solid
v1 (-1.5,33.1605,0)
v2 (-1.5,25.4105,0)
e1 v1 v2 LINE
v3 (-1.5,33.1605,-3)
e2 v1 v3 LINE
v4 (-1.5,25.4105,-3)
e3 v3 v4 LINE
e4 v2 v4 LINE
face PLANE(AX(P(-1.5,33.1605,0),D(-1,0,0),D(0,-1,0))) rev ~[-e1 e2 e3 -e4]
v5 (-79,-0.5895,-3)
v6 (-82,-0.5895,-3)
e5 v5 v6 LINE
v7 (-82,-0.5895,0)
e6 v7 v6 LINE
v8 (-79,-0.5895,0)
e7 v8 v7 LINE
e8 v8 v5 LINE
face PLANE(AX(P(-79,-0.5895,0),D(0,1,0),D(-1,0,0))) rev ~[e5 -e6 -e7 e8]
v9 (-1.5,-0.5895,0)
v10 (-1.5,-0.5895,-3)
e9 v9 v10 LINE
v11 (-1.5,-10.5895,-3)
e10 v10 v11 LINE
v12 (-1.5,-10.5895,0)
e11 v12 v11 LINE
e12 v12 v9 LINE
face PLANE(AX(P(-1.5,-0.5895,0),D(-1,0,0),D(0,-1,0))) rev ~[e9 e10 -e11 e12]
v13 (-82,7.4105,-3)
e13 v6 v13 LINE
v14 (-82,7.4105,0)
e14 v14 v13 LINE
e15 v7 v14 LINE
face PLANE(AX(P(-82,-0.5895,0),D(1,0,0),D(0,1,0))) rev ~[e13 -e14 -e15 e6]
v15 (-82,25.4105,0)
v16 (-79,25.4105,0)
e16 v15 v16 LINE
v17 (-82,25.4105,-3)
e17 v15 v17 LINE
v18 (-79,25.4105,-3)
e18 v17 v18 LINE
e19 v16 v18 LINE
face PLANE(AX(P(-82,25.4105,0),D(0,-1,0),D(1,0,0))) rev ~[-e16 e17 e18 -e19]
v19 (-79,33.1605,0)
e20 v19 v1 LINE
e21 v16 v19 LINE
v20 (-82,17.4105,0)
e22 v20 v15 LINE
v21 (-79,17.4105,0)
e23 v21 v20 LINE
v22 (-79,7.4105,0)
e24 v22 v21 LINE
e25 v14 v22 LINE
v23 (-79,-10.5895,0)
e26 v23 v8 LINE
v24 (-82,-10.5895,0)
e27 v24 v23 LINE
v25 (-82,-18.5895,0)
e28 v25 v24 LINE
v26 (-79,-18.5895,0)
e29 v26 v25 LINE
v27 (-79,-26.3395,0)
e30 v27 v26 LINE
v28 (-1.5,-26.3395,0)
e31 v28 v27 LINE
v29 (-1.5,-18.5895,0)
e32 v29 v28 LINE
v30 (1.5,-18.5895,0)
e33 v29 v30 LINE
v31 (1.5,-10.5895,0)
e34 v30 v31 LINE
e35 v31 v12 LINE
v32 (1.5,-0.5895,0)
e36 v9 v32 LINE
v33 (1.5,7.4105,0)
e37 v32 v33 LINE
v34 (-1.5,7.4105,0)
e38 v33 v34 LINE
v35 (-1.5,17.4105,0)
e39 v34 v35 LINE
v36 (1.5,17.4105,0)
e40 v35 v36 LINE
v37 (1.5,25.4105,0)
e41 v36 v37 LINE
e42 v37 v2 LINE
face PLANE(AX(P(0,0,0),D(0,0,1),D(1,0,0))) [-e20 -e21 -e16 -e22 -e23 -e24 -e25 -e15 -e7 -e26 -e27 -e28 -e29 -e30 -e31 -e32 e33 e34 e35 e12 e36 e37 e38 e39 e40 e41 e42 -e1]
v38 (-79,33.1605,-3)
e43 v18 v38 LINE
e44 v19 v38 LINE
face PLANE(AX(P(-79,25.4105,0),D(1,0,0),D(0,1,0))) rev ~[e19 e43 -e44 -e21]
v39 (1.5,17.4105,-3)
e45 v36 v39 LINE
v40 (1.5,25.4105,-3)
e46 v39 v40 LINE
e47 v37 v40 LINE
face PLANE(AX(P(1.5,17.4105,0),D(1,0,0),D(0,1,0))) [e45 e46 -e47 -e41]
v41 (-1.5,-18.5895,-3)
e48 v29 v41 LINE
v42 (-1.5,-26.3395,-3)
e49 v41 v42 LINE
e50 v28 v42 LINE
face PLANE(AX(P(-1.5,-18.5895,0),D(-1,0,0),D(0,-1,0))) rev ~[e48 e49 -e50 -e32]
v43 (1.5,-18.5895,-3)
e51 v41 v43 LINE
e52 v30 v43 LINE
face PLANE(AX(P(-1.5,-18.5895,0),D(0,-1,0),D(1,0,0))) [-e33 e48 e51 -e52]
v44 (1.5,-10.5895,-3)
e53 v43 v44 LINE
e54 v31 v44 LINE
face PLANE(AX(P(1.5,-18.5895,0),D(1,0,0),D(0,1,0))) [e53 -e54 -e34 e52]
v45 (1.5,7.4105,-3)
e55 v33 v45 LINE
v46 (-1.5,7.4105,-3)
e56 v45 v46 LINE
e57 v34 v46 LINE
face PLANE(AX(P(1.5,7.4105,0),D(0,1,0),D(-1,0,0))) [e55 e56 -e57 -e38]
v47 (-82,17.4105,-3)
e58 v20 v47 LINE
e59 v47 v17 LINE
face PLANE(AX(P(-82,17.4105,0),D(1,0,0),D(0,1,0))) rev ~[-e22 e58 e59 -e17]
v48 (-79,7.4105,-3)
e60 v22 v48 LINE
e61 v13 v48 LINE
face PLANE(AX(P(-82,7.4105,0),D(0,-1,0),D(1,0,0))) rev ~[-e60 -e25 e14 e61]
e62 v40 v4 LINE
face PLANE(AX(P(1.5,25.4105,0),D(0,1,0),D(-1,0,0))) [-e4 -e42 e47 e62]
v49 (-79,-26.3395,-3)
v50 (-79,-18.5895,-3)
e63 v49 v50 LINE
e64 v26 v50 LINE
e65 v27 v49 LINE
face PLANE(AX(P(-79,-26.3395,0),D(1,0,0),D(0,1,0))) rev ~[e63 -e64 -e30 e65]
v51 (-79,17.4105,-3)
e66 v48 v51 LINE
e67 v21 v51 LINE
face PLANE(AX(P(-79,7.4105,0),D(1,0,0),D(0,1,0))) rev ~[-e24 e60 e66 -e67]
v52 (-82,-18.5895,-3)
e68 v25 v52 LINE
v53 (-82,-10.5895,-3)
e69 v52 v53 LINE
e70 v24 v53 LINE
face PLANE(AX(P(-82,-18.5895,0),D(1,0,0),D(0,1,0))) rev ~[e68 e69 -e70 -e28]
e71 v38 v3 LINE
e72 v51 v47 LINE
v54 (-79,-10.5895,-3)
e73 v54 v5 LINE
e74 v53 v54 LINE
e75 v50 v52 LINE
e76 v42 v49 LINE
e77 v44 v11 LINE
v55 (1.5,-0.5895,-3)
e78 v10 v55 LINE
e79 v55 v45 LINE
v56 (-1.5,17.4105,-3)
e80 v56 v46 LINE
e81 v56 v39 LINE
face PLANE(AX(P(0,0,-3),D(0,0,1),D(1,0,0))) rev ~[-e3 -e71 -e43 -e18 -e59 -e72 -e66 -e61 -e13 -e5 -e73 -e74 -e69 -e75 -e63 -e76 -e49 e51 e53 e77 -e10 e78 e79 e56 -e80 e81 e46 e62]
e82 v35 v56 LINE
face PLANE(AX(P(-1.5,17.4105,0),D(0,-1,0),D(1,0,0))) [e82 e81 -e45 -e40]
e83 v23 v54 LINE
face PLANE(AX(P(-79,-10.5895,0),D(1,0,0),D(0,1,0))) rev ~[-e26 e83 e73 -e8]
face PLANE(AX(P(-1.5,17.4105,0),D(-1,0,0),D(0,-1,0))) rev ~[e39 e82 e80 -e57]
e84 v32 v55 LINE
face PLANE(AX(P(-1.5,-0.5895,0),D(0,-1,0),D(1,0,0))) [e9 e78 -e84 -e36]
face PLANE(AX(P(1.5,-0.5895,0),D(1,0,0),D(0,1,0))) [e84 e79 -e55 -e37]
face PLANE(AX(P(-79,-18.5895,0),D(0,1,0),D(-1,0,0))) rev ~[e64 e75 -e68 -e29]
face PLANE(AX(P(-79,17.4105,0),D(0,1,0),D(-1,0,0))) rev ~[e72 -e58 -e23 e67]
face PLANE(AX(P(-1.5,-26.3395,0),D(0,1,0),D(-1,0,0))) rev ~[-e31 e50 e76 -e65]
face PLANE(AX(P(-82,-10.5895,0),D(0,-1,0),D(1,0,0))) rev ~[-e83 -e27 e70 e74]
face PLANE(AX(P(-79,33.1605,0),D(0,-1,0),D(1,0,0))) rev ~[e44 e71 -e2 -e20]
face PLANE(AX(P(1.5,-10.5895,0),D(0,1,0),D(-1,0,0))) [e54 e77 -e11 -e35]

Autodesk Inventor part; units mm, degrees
ref_plane "YZ Plane" through (0, 0, 0) normal (1, 0, 0) x (0, 1, 0)
ref_plane "XZ Plane" through (0, 0, 0) normal (0, 1, 0) x (-1, 0, 0)
ref_plane "XY Plane" through (0, 0, 0) normal (0, 0, 1) x (1, 0, 0)
sketch "Sketch1" plane through (0, 0, 0) normal (0, 0, 1) x (1, 0, 0)
  line L0 (-79, -26.3395) -> (-79, 33.1605) projected
  line L1 (-1.5, -26.3395) -> (-79, -26.3395) projected
  line L2 (-1.5, -9.5895) -> (-1.5, -26.3395) projected
  line L3 (-1.5, 8.4105) -> (-1.5, -1.5895) projected
  line L4 (-1.5, 33.1605) -> (-1.5, 16.4105) projected
  line L5 (-79, 33.1605) -> (-1.5, 33.1605) projected
  line L6 (-1.5, -9.5895) -> (-1.5, -1.5895)
  line L7 (-1.5, 8.4105) -> (-1.5, 16.7071)
  line L8 (-74, -21.3395) -> (-60.5, -21.3395) construction
  line L9 (-74, -7.8395) -> (-74, -21.3395) construction
  line L10 (-60.5, -7.8395) -> (-74, -7.8395) construction
  line L11 (-60.5, -21.3395) -> (-60.5, -7.8395) construction
  line L12 (-74, -3.3395) -> (-60.5, -3.3395) construction
  line L13 (-74, 10.1605) -> (-74, -3.3395) construction
  line L14 (-60.5, 10.1605) -> (-74, 10.1605) construction
  line L15 (-60.5, 10.1605) -> (-74, 10.1605) construction
  line L16 (-60.5, -3.3395) -> (-60.5, 10.1605) construction
  line L17 (-74, 14.6605) -> (-60.5, 14.6605) construction
  line L18 (-74, 28.1605) -> (-74, 14.6605) construction
  line L19 (-60.5, 28.1605) -> (-74, 28.1605) construction
  line L20 (-60.5, 14.6605) -> (-60.5, 28.1605) construction
  line L21 (-79, -18.5895) -> (-82, -18.5895)
  line L22 (-82, -18.5895) -> (-82, -10.5895)
  line L23 (-82, -10.5895) -> (-79, -10.5895)
  line L24 (-79, -0.5895) -> (-82, -0.5895)
  line L25 (-82, -0.5895) -> (-82, 7.4105)
  line L26 (-82, 7.4105) -> (-79, 7.4105)
  line L27 (-79, 17.4105) -> (-82, 17.4105)
  line L28 (-82, 17.4105) -> (-82, 25.4105)
  line L29 (-82, 25.4105) -> (-79, 25.4105)
  line L30 (-82, -9.5895) -> (-82, -1.5895) construction
  line L31 (1.5, -1.5895) -> (1.5, -9.5895) construction
  line L32 (-10.3701, -14.5895) -> (-89.08, -14.5895) construction
  line L33 (-89.5983, 3.4105) -> (-12.2572, 3.4105) construction
  line L34 (-89.5983, 21.4105) -> (-12.2572, 21.4105) construction
  line L35 (-1.5, -18.5895) -> (1.5, -18.5895)
  line L36 (1.5, -18.5895) -> (1.5, -10.5895)
  line L37 (1.5, -10.5895) -> (-1.5, -10.5895)
  line L38 (-1.5, -0.5895) -> (1.5, -0.5895)
  line L39 (1.5, -0.5895) -> (1.5, 7.4105)
  line L40 (1.5, 7.4105) -> (-1.5, 7.4105)
  line L41 (-1.5, 17.4105) -> (1.5, 17.4105)
  line L42 (1.5, 17.4105) -> (1.5, 25.4105)
  line L43 (1.5, 25.4105) -> (-1.5, 25.4105)
  point P0 (0, 0)
  point P1 (-74, -14.5895)
  point P2 (-74, 3.4105)
  point P3 (-74, 21.4105)
  point P4 (-82, -14.5895)
  point P5 (-82, 3.4105)
  point P6 (-82, 21.4105)
  point P7 (1.5, -14.5895)
  point P8 (1.5, 3.4105)
  point P9 (1.5, 21.4105)
extrude "Extrusion1" add sketch "Sketch1" against normal blind 3
properties part number "Bottom" material "Polycarbonate, Clear"
